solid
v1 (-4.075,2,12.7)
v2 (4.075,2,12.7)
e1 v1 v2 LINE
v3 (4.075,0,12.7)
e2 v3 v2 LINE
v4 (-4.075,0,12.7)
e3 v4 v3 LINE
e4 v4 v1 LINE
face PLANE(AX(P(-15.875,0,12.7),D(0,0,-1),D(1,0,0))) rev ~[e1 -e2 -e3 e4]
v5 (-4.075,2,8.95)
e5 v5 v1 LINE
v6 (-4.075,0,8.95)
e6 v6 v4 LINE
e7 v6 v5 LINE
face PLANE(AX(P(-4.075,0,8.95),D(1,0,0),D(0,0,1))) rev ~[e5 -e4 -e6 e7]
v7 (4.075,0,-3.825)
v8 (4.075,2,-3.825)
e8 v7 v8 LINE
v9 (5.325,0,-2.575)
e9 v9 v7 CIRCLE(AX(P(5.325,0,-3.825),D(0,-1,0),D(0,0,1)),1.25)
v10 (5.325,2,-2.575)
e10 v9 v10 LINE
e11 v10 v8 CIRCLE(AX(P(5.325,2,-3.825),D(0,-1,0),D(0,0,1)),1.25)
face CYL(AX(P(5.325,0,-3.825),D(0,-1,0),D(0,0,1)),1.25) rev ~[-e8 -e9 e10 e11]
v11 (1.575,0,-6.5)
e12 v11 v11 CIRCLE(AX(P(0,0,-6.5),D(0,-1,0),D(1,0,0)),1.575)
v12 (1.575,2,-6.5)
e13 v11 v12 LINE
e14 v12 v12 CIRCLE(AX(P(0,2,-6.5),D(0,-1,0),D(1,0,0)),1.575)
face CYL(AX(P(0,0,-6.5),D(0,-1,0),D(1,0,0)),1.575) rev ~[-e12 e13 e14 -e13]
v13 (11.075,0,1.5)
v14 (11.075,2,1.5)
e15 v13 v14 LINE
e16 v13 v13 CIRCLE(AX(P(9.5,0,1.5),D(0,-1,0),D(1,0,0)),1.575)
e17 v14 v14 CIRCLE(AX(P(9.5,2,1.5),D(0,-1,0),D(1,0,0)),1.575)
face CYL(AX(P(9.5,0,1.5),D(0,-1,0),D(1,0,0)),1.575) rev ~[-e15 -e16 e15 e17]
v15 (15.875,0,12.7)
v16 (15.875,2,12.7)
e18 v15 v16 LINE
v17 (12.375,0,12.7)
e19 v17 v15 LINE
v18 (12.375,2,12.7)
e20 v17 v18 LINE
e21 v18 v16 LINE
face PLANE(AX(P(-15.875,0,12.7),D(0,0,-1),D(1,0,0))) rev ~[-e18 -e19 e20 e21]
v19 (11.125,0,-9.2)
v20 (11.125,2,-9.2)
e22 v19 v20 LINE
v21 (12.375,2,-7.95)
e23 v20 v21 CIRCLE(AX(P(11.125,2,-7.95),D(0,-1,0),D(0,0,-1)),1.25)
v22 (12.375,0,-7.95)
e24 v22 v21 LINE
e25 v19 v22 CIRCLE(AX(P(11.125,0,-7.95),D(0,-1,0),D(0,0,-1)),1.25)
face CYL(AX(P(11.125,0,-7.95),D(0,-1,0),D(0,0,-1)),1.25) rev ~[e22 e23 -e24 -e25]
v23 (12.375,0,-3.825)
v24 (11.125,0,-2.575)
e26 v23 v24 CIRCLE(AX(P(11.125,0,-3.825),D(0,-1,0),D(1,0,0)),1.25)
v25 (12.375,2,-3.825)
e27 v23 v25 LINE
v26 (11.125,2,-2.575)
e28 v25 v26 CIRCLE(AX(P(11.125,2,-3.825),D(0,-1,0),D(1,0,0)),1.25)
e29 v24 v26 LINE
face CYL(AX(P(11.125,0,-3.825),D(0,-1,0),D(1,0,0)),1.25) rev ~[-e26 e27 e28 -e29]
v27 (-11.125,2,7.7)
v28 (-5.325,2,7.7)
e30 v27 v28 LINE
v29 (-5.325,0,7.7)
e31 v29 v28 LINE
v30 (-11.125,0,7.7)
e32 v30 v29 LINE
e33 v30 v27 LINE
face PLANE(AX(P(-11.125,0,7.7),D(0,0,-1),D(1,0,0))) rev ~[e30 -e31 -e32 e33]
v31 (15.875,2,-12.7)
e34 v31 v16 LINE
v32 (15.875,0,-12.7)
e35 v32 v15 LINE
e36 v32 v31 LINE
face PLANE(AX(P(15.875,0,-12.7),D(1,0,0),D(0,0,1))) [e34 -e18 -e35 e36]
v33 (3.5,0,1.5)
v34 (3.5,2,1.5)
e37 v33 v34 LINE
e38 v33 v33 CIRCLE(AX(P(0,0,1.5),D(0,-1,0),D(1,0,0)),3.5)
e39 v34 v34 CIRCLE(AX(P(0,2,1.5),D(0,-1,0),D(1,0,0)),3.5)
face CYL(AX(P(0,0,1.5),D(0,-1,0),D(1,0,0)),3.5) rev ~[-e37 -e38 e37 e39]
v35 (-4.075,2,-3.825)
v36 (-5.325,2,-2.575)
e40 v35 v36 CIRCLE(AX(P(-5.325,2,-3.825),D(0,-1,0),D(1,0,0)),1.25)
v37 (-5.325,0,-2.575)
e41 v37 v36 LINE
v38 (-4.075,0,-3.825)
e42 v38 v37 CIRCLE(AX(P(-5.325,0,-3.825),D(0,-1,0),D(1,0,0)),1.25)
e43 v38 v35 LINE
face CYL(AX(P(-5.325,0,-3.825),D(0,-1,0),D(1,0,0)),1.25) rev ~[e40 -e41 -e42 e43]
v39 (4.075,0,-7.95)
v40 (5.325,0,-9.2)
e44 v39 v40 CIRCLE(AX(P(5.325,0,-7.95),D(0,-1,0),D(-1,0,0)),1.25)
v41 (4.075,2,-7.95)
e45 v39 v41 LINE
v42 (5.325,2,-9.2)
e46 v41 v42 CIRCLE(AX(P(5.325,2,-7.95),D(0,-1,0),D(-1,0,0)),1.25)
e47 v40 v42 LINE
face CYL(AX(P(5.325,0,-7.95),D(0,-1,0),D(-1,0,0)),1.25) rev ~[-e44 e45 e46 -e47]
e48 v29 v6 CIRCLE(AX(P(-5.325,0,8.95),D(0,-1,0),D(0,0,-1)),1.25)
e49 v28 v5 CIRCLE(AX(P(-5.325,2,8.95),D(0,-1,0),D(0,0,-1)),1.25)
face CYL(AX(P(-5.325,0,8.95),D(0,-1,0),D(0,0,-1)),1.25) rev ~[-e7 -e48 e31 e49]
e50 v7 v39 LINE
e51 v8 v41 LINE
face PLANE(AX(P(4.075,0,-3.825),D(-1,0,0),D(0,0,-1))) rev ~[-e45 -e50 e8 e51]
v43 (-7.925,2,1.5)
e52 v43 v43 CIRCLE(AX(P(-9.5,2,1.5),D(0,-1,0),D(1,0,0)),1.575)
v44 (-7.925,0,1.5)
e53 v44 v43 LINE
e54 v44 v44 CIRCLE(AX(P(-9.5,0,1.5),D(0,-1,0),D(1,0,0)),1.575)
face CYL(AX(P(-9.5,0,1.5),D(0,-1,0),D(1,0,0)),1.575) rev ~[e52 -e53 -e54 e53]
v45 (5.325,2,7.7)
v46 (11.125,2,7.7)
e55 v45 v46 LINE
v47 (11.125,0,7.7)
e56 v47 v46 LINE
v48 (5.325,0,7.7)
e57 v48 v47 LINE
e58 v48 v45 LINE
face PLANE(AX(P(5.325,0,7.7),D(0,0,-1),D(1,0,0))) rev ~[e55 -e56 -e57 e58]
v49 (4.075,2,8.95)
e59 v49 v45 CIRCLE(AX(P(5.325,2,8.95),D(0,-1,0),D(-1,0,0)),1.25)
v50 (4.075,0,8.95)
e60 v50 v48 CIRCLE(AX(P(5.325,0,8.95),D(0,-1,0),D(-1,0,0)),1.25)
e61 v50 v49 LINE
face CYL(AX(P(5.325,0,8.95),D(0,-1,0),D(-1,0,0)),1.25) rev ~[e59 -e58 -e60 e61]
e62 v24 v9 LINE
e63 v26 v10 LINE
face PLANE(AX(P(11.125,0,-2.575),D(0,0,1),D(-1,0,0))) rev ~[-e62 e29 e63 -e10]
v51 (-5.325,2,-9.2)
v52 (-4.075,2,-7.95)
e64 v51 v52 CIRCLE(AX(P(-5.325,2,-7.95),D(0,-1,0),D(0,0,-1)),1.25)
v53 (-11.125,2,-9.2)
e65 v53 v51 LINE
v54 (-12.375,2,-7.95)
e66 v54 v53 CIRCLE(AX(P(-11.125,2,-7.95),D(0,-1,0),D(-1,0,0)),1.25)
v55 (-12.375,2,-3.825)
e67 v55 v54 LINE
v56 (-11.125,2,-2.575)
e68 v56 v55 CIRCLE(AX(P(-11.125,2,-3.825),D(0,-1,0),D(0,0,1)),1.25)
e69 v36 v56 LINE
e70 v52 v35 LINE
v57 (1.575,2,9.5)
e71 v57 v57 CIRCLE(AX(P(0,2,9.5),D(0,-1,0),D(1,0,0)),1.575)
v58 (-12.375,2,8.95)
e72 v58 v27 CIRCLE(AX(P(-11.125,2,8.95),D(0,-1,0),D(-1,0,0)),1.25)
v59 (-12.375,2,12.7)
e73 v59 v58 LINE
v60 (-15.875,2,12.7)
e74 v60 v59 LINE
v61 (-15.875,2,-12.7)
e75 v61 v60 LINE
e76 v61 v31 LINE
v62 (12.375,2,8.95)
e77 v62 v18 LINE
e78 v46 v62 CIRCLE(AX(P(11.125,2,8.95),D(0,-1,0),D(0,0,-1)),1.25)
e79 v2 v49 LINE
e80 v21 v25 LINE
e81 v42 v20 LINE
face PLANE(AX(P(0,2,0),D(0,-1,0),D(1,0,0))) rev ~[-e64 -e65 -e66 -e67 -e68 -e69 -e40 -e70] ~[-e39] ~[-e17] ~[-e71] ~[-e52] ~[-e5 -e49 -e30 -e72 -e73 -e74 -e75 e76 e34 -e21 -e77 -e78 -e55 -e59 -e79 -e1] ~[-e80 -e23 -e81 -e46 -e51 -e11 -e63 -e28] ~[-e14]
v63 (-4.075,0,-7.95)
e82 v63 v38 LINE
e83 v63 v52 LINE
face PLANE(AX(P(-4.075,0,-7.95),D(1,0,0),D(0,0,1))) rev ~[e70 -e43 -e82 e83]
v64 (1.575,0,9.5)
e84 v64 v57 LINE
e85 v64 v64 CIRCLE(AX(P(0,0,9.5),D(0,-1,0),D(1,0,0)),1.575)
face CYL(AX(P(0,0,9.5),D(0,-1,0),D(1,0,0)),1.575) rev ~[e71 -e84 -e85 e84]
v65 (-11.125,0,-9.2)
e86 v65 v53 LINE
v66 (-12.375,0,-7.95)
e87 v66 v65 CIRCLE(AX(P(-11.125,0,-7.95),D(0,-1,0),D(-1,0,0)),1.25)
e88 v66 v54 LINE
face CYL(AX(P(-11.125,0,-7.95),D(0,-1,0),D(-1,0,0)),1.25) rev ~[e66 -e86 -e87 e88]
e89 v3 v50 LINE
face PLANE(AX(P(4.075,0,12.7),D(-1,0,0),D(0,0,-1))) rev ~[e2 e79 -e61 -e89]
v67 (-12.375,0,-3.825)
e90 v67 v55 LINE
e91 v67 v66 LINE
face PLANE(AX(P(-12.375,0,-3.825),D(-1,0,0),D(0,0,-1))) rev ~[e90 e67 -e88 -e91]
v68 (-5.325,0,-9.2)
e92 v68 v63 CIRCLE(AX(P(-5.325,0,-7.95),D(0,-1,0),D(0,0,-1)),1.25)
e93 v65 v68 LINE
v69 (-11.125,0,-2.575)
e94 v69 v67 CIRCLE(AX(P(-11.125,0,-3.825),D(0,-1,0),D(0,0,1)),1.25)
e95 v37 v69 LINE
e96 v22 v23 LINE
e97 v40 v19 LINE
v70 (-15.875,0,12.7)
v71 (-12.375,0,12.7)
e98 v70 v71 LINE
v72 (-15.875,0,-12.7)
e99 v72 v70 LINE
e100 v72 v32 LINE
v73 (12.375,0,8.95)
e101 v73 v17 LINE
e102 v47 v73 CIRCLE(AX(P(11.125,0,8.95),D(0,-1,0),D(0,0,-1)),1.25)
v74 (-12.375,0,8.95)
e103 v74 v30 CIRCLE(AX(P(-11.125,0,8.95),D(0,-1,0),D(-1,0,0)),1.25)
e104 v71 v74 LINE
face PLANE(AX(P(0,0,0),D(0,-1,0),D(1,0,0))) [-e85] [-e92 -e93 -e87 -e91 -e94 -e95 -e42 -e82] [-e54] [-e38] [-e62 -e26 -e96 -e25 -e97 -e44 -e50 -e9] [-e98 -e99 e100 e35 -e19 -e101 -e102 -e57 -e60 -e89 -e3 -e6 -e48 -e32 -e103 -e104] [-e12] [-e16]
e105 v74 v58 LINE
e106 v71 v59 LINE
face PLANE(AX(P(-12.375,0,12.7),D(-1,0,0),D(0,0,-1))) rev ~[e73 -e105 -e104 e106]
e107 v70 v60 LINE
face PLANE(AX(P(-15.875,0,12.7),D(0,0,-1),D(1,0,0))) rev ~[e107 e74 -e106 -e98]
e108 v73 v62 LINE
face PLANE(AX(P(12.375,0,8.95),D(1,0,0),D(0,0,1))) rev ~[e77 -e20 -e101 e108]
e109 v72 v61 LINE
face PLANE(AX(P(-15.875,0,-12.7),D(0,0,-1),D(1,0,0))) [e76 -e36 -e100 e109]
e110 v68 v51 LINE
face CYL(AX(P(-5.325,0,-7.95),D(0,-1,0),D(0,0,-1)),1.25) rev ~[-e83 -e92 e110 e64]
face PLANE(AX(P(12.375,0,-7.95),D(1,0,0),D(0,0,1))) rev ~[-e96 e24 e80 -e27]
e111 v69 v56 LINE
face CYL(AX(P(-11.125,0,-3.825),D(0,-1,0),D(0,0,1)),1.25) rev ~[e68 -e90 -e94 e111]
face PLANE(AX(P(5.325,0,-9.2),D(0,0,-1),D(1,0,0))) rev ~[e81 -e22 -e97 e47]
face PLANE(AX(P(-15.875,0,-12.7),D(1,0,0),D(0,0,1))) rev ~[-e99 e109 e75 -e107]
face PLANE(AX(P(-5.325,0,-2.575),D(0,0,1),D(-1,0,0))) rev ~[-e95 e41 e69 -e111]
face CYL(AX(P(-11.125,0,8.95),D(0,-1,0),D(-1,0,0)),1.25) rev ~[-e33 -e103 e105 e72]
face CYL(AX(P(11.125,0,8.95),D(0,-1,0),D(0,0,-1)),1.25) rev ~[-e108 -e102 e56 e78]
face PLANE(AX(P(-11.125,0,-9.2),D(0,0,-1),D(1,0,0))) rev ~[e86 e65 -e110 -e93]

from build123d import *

# Parameters (mm, degrees)
F1_W     = 31.75
F1_H     = 25.4
F2_DEPTH = 2
F3_R     = 3.5
F3_R_2   = 1.575
F5_DEPTH = 2.001


with BuildPart() as f2:
    # F1 (on Front) → F2 (new body)
    with BuildSketch(Plane.XZ):
        Rectangle(F1_W, F1_H)
    extrude(amount=-F2_DEPTH)

    # F3 (on face) + F4 (on face) → F5 (cut, through all)
    with BuildSketch(Plane.XZ):
        with Locations((0, 1.5)):
            Circle(F3_R)
        with Locations((-9.5, 1.5)):
            Circle(F3_R_2)
        with Locations((9.5, 1.5)):
            Circle(F3_R_2)
        with Locations((0, 9.5)):
            Circle(F3_R_2)
        with Locations((0, -6.5)):
            Circle(F3_R_2)
    with BuildSketch(Plane.XZ):
        with BuildLine():
            Line((-4.075, -7.95), (-4.075, -3.825))
            ThreePointArc((-4.075, -3.825), (-4.4411165235, -2.9411165235), (-5.325, -2.575))
            Line((-5.325, -2.575), (-11.125, -2.575))
            ThreePointArc((-11.125, -2.575), (-12.0088834765, -2.9411165235), (-12.375, -3.825))
            Line((-12.375, -3.825), (-12.375, -7.95))
            ThreePointArc((-12.375, -7.95), (-12.0088834765, -8.8338834765), (-11.125, -9.2))
            Line((-11.125, -9.2), (-5.325, -9.2))
            ThreePointArc((-5.325, -9.2), (-4.4411165235, -8.8338834765), (-4.075, -7.95))
        make_face()
        with BuildLine():
            ThreePointArc((5.325, -2.575), (4.4411165235, -2.9411165235), (4.075, -3.825))
            Line((4.075, -3.825), (4.075, -7.95))
            ThreePointArc((4.075, -7.95), (4.4411165235, -8.8338834765), (5.325, -9.2))
            Line((5.325, -9.2), (11.125, -9.2))
            ThreePointArc((11.125, -9.2), (12.0088834765, -8.8338834765), (12.375, -7.95))
            Line((12.375, -7.95), (12.375, -3.825))
            ThreePointArc((12.375, -3.825), (12.0088834765, -2.9411165235), (11.125, -2.575))
            Line((11.125, -2.575), (5.325, -2.575))
        make_face()
        with BuildLine():
            Line((-4.075, 12.7), (-12.375, 12.7))
            Line((-12.375, 12.7), (-12.375, 8.95))
            ThreePointArc((-12.375, 8.95), (-12.0088834765, 8.0661165235), (-11.125, 7.7))
            Line((-11.125, 7.7), (-5.325, 7.7))
            ThreePointArc((-5.325, 7.7), (-4.4411165235, 8.0661165235), (-4.075, 8.95))
            Line((-4.075, 8.95), (-4.075, 12.7))
        make_face()
        with BuildLine():
            Line((4.075, 12.7), (4.075, 8.95))
            ThreePointArc((4.075, 8.95), (4.4411165235, 8.0661165235), (5.325, 7.7))
            Line((5.325, 7.7), (11.125, 7.7))
            ThreePointArc((11.125, 7.7), (12.0088834765, 8.0661165235), (12.375, 8.95))
            Line((12.375, 8.95), (12.375, 12.7))
            Line((12.375, 12.7), (4.075, 12.7))
        make_face()
    extrude(amount=-F5_DEPTH, mode=Mode.SUBTRACT)


solid = f2.part
